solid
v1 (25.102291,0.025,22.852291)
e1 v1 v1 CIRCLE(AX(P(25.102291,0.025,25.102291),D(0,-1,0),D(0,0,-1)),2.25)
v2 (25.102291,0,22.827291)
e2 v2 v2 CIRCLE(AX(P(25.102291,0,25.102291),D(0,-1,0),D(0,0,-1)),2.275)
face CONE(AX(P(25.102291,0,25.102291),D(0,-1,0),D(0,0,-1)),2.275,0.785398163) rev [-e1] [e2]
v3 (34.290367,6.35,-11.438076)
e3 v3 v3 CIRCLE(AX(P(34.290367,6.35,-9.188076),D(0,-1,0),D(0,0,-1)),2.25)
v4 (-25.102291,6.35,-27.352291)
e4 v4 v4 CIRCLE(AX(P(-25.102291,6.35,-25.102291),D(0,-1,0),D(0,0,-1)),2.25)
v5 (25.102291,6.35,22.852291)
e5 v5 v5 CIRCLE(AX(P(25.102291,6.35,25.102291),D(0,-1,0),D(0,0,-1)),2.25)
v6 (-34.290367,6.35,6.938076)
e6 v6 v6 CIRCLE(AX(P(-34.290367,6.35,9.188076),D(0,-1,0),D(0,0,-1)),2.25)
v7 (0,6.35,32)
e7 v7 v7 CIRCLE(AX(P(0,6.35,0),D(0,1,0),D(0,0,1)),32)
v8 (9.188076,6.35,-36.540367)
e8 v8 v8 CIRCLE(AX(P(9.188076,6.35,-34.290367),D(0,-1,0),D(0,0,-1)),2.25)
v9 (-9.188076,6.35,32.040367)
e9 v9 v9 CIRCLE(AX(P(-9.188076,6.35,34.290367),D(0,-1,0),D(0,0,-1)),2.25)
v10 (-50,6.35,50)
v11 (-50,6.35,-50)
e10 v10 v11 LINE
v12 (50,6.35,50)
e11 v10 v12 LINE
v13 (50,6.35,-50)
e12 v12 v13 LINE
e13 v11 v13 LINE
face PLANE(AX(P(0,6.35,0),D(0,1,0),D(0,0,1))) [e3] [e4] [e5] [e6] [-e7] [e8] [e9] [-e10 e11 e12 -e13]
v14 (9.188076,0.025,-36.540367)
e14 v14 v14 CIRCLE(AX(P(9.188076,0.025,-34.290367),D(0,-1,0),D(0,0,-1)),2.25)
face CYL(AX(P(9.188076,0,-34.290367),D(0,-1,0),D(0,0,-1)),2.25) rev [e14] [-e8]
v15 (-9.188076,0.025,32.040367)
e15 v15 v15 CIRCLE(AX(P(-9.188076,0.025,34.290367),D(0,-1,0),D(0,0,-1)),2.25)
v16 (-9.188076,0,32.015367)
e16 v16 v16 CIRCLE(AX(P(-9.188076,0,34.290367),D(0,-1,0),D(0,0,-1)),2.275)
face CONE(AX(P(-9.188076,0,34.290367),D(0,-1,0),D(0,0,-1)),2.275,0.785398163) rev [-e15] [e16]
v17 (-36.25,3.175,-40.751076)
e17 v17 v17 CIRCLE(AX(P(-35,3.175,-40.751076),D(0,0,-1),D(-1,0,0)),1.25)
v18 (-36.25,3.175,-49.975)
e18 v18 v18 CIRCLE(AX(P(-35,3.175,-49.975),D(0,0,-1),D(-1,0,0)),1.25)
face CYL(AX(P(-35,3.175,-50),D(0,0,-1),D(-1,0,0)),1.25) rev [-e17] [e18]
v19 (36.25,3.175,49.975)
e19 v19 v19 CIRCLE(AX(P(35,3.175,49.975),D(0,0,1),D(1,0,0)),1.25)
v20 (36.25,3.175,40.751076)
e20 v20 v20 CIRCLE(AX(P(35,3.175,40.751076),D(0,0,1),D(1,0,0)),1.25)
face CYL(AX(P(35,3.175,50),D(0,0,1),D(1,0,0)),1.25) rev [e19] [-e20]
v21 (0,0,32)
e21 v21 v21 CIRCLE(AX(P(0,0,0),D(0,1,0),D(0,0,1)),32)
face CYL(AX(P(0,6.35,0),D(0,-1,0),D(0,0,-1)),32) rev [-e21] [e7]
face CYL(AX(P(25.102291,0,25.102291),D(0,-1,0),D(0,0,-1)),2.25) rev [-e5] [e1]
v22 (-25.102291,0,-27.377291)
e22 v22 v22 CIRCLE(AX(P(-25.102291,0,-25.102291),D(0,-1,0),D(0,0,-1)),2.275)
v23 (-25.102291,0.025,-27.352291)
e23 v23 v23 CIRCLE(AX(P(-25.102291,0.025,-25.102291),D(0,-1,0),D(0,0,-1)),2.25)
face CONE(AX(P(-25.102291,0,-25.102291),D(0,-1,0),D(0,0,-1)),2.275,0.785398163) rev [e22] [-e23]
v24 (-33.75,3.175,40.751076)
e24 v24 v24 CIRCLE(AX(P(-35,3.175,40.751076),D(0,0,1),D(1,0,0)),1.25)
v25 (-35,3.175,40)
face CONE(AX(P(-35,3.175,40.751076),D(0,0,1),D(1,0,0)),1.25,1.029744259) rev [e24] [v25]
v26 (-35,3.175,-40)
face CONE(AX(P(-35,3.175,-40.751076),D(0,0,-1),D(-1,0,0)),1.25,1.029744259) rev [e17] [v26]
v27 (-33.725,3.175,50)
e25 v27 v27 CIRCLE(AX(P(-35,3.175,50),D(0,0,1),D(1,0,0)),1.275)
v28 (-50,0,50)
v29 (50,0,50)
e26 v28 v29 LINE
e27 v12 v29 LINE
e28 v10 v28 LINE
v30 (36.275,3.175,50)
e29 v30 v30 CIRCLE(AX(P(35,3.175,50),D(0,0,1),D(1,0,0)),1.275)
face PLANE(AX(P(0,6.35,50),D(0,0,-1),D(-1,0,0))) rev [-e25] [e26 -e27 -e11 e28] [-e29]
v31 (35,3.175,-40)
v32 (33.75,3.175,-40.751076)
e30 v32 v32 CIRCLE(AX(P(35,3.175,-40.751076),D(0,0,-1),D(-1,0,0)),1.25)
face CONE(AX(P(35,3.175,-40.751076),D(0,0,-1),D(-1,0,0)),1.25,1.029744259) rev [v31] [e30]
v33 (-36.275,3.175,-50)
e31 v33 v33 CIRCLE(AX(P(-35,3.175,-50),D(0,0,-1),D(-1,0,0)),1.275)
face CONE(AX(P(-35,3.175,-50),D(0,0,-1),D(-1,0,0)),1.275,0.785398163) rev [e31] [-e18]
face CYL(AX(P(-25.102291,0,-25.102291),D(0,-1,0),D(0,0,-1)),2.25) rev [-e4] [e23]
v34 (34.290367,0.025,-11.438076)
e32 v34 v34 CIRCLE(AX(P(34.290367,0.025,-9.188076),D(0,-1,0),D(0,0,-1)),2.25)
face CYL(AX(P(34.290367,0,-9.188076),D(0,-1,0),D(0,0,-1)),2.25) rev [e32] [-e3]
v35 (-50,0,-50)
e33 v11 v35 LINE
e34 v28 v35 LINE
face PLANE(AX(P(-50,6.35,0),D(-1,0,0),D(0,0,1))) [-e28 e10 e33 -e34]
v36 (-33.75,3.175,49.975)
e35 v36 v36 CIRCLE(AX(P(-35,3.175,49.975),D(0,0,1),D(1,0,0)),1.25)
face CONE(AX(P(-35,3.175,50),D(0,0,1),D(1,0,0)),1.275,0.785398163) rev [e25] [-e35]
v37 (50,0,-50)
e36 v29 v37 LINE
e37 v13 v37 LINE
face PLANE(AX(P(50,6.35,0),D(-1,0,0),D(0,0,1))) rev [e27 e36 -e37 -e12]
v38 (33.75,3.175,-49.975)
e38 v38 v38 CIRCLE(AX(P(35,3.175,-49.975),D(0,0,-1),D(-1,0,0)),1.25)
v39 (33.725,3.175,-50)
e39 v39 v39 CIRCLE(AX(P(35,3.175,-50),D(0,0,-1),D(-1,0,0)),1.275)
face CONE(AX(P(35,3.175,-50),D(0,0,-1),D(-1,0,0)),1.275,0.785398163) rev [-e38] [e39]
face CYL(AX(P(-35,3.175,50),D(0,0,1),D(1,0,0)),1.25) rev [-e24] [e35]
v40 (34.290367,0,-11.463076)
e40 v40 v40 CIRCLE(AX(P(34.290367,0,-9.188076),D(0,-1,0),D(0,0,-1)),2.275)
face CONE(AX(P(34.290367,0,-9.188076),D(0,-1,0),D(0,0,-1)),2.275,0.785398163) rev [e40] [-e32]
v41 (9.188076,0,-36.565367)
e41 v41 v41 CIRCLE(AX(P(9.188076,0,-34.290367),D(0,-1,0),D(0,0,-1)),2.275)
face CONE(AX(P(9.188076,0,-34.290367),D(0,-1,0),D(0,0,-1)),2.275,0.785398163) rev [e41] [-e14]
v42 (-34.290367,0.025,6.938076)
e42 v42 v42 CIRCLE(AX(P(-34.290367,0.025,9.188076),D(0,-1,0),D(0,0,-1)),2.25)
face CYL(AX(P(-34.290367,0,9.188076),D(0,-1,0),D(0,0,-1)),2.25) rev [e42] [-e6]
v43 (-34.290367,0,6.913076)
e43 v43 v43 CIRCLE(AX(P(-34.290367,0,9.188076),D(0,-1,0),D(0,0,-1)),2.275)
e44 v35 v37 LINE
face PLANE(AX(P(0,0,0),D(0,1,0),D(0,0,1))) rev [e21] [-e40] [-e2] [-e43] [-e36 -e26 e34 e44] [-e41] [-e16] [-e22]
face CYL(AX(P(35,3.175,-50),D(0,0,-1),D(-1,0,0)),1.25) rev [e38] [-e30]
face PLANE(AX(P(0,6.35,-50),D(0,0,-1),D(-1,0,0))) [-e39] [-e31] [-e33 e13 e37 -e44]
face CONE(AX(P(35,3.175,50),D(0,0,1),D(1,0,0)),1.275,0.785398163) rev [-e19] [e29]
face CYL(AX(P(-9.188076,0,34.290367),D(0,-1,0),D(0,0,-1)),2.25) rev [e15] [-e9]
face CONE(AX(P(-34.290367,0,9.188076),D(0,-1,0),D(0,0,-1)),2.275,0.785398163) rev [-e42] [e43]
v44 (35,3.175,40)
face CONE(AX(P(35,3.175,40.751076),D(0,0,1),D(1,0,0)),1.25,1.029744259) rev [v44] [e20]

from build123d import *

# Parameters (mm, degrees)
SKETCH1_W                             = 100
SKETCH1_H                             = 100
SKETCH1_R                             = 32
BOSS_EXTRUDE3_DEPTH                   = 6.35
M4_CLEARANCE_HOLE2_D                  = 4.5
M4_CLEARANCE_HOLE2_CSINK_D            = 4.55
M4_CLEARANCE_HOLE2_CSINK_ANGLE        = 90
TAP_DRILL_FOR_M3X0_5_TAP2_D           = 2.5
TAP_DRILL_FOR_M3X0_5_TAP2_DEPTH       = 9.248924226
TAP_DRILL_FOR_M3X0_5_TAP2_CSINK_D     = 2.55
TAP_DRILL_FOR_M3X0_5_TAP2_CSINK_ANGLE = 90
TAP_DRILL_FOR_M3X0_5_TAP2_TIP         = 0.751075774
TAP_DRILL_FOR_M3X0_5_TAP3_D           = 2.5
TAP_DRILL_FOR_M3X0_5_TAP3_DEPTH       = 9.248924226
TAP_DRILL_FOR_M3X0_5_TAP3_CSINK_D     = 2.55
TAP_DRILL_FOR_M3X0_5_TAP3_CSINK_ANGLE = 90
TAP_DRILL_FOR_M3X0_5_TAP3_TIP         = 0.751075774


with BuildPart() as part:
    # Sketch1 → Boss-Extrude3 (new body)
    with BuildSketch(Plane(origin=(0, 0, 0), x_dir=(1, 0, 0), z_dir=(0, 1, 0))):
        Rectangle(SKETCH1_W, SKETCH1_H)
        with Locations(Location((0, 0, 0), (0, 0, 270))):
            Circle(SKETCH1_R, mode=Mode.SUBTRACT)
    extrude(amount=BOSS_EXTRUDE3_DEPTH)

    # M4 Clearance Hole2 (through all)
    with Locations(Plane(origin=(0, 0, 0), x_dir=(-1, 0, 0), z_dir=(0, -1, 0))):
        with Locations((-9.188076101, 34.290366833), (25.102290732, 25.102290732), (34.290366833, -9.188076101), (9.188076101, -34.290366833), (-25.102290732, -25.102290732), (-34.290366833, 9.188076101)):
            CounterSinkHole(M4_CLEARANCE_HOLE2_D / 2, M4_CLEARANCE_HOLE2_CSINK_D / 2, counter_sink_angle=M4_CLEARANCE_HOLE2_CSINK_ANGLE)

    # Tap Drill for M3x0.5 Tap2
    with Locations(Plane.XY.offset(50)):
        with Locations((-35, 3.175), (35, 3.175)):
            CounterSinkHole(TAP_DRILL_FOR_M3X0_5_TAP2_D / 2, TAP_DRILL_FOR_M3X0_5_TAP2_CSINK_D / 2, depth=TAP_DRILL_FOR_M3X0_5_TAP2_DEPTH, counter_sink_angle=TAP_DRILL_FOR_M3X0_5_TAP2_CSINK_ANGLE)
            with Locations((0, 0, -(TAP_DRILL_FOR_M3X0_5_TAP2_DEPTH + TAP_DRILL_FOR_M3X0_5_TAP2_TIP / 2))):  # 118° drill point
                Cone(0, TAP_DRILL_FOR_M3X0_5_TAP2_D / 2, TAP_DRILL_FOR_M3X0_5_TAP2_TIP, mode=Mode.SUBTRACT)

    # Tap Drill for M3x0.5 Tap3
    with Locations(Plane(origin=(0, 0, -50), x_dir=(-1, 0, 0), z_dir=(0, 0, -1))):
        with Locations((-35, 3.175), (35, 3.175)):
            CounterSinkHole(TAP_DRILL_FOR_M3X0_5_TAP3_D / 2, TAP_DRILL_FOR_M3X0_5_TAP3_CSINK_D / 2, depth=TAP_DRILL_FOR_M3X0_5_TAP3_DEPTH, counter_sink_angle=TAP_DRILL_FOR_M3X0_5_TAP3_CSINK_ANGLE)
            with Locations((0, 0, -(TAP_DRILL_FOR_M3X0_5_TAP3_DEPTH + TAP_DRILL_FOR_M3X0_5_TAP3_TIP / 2))):  # 118° drill point
                Cone(0, TAP_DRILL_FOR_M3X0_5_TAP3_D / 2, TAP_DRILL_FOR_M3X0_5_TAP3_TIP, mode=Mode.SUBTRACT)


solid = part.part
